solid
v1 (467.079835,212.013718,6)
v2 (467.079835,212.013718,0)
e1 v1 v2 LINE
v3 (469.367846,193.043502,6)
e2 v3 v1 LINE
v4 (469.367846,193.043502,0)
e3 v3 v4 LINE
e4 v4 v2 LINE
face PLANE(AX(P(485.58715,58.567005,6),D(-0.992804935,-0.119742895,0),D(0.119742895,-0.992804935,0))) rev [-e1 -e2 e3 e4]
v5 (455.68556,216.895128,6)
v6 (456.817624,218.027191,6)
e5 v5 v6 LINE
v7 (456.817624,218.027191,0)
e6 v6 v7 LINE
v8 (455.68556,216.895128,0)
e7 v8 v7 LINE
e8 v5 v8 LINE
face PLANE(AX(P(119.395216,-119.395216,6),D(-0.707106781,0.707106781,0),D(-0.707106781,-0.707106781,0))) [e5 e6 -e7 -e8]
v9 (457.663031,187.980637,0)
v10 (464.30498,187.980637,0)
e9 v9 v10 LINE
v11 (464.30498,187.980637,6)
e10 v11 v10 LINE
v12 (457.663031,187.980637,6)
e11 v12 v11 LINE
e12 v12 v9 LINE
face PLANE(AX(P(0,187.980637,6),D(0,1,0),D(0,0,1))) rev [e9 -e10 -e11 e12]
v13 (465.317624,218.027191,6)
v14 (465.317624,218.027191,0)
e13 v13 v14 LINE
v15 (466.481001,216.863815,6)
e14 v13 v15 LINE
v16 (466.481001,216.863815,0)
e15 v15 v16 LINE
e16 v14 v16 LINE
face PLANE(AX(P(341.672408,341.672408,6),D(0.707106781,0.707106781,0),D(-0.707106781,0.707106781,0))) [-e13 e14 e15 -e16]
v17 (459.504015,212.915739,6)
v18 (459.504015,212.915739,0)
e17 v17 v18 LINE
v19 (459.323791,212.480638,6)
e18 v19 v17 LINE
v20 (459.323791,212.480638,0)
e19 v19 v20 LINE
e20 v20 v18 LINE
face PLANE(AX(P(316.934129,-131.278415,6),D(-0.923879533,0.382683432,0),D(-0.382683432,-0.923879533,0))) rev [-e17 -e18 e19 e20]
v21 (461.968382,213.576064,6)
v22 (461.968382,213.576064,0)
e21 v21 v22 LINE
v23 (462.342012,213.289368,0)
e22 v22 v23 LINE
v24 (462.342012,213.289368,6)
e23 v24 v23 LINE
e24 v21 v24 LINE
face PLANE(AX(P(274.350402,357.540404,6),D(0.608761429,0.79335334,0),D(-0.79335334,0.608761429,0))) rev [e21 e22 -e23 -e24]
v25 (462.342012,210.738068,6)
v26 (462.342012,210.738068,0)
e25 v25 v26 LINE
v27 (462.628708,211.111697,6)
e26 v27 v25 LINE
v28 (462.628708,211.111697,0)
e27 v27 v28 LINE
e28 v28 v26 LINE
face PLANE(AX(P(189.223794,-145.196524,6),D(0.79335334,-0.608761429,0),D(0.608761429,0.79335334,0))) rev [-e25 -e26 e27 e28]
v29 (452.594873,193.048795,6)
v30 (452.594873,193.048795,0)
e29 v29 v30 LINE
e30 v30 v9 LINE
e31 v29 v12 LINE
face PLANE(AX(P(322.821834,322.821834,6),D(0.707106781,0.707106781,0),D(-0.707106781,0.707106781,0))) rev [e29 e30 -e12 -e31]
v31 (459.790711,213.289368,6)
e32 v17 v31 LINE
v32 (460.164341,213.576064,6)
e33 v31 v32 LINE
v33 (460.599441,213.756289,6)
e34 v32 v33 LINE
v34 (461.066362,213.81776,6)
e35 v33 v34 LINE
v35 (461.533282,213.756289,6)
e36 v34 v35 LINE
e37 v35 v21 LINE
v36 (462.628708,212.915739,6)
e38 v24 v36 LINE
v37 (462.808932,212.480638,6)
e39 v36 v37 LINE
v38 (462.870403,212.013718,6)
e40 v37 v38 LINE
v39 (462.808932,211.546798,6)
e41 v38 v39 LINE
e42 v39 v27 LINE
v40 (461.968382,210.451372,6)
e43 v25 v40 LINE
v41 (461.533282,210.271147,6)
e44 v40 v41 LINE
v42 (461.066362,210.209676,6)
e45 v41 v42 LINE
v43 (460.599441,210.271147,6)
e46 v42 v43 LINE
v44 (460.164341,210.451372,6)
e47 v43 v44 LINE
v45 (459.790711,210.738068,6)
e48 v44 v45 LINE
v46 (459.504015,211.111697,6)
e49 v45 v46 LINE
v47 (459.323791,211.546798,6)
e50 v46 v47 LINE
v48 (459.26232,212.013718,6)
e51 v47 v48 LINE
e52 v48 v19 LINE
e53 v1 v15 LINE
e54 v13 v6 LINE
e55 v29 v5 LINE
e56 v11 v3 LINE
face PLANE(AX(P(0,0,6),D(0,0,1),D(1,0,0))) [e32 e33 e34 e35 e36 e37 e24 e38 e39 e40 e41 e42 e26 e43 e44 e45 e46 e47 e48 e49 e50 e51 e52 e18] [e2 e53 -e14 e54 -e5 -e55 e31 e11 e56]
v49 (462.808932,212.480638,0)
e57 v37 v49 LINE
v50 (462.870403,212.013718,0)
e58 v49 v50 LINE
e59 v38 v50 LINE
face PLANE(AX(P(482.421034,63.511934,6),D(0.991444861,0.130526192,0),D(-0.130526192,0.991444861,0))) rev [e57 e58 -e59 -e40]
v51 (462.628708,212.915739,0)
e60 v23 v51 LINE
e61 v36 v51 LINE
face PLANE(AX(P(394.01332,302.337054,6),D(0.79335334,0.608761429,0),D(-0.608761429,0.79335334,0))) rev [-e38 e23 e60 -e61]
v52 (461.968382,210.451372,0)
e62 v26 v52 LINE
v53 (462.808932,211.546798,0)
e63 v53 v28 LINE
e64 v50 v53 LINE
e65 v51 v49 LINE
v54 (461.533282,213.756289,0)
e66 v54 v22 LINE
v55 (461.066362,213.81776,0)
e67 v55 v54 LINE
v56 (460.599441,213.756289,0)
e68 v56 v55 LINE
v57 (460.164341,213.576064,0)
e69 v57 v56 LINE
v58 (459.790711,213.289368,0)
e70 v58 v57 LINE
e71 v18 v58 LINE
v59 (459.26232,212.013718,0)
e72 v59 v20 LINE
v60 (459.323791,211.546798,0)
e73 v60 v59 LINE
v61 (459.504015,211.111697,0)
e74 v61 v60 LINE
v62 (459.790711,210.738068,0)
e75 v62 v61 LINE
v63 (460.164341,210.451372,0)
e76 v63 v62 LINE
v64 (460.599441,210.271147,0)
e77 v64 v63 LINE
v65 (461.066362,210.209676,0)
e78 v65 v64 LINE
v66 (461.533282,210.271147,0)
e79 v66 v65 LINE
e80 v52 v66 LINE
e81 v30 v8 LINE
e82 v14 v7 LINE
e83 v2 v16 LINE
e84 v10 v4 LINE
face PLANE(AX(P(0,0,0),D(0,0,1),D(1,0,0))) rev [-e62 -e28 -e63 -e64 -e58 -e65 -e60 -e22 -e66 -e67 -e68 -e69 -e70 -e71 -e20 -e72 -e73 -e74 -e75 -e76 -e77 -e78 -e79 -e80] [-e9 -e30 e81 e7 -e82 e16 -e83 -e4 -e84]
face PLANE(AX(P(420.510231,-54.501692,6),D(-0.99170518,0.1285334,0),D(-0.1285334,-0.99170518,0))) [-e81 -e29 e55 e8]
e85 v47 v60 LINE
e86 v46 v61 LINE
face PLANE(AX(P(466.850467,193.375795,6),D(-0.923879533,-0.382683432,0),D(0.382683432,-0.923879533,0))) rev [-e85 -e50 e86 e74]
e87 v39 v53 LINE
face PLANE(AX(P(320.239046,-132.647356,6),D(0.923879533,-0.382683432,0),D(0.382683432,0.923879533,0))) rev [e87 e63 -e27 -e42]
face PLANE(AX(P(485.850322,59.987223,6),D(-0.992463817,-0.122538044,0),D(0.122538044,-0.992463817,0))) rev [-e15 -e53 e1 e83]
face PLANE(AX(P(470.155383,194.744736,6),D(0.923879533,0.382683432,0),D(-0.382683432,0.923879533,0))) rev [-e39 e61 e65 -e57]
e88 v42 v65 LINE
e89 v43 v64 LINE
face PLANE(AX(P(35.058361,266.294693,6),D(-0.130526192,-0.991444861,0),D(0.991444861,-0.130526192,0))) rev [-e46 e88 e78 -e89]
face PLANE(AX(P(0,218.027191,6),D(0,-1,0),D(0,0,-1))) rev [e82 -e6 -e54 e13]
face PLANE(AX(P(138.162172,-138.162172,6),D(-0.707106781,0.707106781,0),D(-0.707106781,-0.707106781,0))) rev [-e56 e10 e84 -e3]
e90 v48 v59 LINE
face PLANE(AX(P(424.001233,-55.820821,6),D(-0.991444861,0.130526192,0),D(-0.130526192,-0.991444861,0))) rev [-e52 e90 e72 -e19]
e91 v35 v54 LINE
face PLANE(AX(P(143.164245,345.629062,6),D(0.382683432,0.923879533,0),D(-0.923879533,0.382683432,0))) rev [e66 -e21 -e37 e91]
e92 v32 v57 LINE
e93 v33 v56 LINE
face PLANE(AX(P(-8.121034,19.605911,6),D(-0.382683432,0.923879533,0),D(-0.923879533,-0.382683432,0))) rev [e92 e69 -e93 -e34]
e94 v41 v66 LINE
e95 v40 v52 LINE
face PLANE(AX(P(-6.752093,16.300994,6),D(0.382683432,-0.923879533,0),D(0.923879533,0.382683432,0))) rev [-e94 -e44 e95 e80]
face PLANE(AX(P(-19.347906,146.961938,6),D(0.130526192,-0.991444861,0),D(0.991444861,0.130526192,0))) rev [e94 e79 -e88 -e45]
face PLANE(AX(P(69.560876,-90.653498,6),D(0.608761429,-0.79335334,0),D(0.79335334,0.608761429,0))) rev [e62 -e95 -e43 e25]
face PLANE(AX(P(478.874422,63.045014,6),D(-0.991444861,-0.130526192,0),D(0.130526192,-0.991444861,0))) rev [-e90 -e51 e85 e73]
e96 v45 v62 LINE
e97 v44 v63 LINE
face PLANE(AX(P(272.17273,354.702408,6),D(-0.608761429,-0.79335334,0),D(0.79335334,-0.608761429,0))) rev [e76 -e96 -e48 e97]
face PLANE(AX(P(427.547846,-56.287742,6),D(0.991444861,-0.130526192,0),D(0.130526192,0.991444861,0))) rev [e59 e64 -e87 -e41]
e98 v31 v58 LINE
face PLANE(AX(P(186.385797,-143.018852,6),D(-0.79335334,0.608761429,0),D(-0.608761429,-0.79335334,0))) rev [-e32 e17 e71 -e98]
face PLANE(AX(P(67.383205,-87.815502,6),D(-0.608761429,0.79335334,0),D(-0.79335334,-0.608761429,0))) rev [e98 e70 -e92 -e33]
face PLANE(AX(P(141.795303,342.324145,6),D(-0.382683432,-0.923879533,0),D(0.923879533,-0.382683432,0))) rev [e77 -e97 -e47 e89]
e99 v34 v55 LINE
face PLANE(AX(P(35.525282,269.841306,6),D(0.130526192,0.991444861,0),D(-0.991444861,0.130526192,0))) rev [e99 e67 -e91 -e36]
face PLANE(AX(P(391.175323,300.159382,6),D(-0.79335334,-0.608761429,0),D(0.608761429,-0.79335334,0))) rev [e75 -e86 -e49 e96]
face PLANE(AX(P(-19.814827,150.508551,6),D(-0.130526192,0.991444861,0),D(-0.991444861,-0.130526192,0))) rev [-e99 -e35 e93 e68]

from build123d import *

# Parameters (mm, degrees)
BOSS_EXTRUDE1_DEPTH = 6


with BuildPart() as part:
    # Sketch1 → Boss-Extrude1 (new body)
    with BuildSketch(Plane.XY):
        Polygon((457.663031463, 187.980636569), (464.304980239, 187.980636569), (469.367845751, 193.043502081), (467.079834781, 212.013718005), (466.481000515, 216.863814529), (465.31762376, 218.027191284), (456.81762376, 218.027191284), (455.685560331, 216.895127855), (452.59487335, 193.048794682), align=None)
        Polygon((461.066361502, 210.209676022), (460.599441079, 210.271147261), (460.16434051, 210.451371818), (459.790711182, 210.738067685), (459.504015315, 211.111697013), (459.323790759, 211.546797582), (459.262319519, 212.013718005), (459.323790759, 212.480638429), (459.504015315, 212.915738997), (459.790711182, 213.289368326), (460.16434051, 213.576064193), (460.599441079, 213.756288749), (461.066361502, 213.817759989), (461.533281926, 213.756288749), (461.968382494, 213.576064193), (462.342011823, 213.289368326), (462.62870769, 212.915738997), (462.808932246, 212.480638429), (462.870403486, 212.013718005), (462.808932246, 211.546797582), (462.62870769, 211.111697013), (462.342011823, 210.738067685), (461.968382494, 210.451371818), (461.533281926, 210.271147261), align=None, mode=Mode.SUBTRACT)
    extrude(amount=BOSS_EXTRUDE1_DEPTH)


solid = part.part
